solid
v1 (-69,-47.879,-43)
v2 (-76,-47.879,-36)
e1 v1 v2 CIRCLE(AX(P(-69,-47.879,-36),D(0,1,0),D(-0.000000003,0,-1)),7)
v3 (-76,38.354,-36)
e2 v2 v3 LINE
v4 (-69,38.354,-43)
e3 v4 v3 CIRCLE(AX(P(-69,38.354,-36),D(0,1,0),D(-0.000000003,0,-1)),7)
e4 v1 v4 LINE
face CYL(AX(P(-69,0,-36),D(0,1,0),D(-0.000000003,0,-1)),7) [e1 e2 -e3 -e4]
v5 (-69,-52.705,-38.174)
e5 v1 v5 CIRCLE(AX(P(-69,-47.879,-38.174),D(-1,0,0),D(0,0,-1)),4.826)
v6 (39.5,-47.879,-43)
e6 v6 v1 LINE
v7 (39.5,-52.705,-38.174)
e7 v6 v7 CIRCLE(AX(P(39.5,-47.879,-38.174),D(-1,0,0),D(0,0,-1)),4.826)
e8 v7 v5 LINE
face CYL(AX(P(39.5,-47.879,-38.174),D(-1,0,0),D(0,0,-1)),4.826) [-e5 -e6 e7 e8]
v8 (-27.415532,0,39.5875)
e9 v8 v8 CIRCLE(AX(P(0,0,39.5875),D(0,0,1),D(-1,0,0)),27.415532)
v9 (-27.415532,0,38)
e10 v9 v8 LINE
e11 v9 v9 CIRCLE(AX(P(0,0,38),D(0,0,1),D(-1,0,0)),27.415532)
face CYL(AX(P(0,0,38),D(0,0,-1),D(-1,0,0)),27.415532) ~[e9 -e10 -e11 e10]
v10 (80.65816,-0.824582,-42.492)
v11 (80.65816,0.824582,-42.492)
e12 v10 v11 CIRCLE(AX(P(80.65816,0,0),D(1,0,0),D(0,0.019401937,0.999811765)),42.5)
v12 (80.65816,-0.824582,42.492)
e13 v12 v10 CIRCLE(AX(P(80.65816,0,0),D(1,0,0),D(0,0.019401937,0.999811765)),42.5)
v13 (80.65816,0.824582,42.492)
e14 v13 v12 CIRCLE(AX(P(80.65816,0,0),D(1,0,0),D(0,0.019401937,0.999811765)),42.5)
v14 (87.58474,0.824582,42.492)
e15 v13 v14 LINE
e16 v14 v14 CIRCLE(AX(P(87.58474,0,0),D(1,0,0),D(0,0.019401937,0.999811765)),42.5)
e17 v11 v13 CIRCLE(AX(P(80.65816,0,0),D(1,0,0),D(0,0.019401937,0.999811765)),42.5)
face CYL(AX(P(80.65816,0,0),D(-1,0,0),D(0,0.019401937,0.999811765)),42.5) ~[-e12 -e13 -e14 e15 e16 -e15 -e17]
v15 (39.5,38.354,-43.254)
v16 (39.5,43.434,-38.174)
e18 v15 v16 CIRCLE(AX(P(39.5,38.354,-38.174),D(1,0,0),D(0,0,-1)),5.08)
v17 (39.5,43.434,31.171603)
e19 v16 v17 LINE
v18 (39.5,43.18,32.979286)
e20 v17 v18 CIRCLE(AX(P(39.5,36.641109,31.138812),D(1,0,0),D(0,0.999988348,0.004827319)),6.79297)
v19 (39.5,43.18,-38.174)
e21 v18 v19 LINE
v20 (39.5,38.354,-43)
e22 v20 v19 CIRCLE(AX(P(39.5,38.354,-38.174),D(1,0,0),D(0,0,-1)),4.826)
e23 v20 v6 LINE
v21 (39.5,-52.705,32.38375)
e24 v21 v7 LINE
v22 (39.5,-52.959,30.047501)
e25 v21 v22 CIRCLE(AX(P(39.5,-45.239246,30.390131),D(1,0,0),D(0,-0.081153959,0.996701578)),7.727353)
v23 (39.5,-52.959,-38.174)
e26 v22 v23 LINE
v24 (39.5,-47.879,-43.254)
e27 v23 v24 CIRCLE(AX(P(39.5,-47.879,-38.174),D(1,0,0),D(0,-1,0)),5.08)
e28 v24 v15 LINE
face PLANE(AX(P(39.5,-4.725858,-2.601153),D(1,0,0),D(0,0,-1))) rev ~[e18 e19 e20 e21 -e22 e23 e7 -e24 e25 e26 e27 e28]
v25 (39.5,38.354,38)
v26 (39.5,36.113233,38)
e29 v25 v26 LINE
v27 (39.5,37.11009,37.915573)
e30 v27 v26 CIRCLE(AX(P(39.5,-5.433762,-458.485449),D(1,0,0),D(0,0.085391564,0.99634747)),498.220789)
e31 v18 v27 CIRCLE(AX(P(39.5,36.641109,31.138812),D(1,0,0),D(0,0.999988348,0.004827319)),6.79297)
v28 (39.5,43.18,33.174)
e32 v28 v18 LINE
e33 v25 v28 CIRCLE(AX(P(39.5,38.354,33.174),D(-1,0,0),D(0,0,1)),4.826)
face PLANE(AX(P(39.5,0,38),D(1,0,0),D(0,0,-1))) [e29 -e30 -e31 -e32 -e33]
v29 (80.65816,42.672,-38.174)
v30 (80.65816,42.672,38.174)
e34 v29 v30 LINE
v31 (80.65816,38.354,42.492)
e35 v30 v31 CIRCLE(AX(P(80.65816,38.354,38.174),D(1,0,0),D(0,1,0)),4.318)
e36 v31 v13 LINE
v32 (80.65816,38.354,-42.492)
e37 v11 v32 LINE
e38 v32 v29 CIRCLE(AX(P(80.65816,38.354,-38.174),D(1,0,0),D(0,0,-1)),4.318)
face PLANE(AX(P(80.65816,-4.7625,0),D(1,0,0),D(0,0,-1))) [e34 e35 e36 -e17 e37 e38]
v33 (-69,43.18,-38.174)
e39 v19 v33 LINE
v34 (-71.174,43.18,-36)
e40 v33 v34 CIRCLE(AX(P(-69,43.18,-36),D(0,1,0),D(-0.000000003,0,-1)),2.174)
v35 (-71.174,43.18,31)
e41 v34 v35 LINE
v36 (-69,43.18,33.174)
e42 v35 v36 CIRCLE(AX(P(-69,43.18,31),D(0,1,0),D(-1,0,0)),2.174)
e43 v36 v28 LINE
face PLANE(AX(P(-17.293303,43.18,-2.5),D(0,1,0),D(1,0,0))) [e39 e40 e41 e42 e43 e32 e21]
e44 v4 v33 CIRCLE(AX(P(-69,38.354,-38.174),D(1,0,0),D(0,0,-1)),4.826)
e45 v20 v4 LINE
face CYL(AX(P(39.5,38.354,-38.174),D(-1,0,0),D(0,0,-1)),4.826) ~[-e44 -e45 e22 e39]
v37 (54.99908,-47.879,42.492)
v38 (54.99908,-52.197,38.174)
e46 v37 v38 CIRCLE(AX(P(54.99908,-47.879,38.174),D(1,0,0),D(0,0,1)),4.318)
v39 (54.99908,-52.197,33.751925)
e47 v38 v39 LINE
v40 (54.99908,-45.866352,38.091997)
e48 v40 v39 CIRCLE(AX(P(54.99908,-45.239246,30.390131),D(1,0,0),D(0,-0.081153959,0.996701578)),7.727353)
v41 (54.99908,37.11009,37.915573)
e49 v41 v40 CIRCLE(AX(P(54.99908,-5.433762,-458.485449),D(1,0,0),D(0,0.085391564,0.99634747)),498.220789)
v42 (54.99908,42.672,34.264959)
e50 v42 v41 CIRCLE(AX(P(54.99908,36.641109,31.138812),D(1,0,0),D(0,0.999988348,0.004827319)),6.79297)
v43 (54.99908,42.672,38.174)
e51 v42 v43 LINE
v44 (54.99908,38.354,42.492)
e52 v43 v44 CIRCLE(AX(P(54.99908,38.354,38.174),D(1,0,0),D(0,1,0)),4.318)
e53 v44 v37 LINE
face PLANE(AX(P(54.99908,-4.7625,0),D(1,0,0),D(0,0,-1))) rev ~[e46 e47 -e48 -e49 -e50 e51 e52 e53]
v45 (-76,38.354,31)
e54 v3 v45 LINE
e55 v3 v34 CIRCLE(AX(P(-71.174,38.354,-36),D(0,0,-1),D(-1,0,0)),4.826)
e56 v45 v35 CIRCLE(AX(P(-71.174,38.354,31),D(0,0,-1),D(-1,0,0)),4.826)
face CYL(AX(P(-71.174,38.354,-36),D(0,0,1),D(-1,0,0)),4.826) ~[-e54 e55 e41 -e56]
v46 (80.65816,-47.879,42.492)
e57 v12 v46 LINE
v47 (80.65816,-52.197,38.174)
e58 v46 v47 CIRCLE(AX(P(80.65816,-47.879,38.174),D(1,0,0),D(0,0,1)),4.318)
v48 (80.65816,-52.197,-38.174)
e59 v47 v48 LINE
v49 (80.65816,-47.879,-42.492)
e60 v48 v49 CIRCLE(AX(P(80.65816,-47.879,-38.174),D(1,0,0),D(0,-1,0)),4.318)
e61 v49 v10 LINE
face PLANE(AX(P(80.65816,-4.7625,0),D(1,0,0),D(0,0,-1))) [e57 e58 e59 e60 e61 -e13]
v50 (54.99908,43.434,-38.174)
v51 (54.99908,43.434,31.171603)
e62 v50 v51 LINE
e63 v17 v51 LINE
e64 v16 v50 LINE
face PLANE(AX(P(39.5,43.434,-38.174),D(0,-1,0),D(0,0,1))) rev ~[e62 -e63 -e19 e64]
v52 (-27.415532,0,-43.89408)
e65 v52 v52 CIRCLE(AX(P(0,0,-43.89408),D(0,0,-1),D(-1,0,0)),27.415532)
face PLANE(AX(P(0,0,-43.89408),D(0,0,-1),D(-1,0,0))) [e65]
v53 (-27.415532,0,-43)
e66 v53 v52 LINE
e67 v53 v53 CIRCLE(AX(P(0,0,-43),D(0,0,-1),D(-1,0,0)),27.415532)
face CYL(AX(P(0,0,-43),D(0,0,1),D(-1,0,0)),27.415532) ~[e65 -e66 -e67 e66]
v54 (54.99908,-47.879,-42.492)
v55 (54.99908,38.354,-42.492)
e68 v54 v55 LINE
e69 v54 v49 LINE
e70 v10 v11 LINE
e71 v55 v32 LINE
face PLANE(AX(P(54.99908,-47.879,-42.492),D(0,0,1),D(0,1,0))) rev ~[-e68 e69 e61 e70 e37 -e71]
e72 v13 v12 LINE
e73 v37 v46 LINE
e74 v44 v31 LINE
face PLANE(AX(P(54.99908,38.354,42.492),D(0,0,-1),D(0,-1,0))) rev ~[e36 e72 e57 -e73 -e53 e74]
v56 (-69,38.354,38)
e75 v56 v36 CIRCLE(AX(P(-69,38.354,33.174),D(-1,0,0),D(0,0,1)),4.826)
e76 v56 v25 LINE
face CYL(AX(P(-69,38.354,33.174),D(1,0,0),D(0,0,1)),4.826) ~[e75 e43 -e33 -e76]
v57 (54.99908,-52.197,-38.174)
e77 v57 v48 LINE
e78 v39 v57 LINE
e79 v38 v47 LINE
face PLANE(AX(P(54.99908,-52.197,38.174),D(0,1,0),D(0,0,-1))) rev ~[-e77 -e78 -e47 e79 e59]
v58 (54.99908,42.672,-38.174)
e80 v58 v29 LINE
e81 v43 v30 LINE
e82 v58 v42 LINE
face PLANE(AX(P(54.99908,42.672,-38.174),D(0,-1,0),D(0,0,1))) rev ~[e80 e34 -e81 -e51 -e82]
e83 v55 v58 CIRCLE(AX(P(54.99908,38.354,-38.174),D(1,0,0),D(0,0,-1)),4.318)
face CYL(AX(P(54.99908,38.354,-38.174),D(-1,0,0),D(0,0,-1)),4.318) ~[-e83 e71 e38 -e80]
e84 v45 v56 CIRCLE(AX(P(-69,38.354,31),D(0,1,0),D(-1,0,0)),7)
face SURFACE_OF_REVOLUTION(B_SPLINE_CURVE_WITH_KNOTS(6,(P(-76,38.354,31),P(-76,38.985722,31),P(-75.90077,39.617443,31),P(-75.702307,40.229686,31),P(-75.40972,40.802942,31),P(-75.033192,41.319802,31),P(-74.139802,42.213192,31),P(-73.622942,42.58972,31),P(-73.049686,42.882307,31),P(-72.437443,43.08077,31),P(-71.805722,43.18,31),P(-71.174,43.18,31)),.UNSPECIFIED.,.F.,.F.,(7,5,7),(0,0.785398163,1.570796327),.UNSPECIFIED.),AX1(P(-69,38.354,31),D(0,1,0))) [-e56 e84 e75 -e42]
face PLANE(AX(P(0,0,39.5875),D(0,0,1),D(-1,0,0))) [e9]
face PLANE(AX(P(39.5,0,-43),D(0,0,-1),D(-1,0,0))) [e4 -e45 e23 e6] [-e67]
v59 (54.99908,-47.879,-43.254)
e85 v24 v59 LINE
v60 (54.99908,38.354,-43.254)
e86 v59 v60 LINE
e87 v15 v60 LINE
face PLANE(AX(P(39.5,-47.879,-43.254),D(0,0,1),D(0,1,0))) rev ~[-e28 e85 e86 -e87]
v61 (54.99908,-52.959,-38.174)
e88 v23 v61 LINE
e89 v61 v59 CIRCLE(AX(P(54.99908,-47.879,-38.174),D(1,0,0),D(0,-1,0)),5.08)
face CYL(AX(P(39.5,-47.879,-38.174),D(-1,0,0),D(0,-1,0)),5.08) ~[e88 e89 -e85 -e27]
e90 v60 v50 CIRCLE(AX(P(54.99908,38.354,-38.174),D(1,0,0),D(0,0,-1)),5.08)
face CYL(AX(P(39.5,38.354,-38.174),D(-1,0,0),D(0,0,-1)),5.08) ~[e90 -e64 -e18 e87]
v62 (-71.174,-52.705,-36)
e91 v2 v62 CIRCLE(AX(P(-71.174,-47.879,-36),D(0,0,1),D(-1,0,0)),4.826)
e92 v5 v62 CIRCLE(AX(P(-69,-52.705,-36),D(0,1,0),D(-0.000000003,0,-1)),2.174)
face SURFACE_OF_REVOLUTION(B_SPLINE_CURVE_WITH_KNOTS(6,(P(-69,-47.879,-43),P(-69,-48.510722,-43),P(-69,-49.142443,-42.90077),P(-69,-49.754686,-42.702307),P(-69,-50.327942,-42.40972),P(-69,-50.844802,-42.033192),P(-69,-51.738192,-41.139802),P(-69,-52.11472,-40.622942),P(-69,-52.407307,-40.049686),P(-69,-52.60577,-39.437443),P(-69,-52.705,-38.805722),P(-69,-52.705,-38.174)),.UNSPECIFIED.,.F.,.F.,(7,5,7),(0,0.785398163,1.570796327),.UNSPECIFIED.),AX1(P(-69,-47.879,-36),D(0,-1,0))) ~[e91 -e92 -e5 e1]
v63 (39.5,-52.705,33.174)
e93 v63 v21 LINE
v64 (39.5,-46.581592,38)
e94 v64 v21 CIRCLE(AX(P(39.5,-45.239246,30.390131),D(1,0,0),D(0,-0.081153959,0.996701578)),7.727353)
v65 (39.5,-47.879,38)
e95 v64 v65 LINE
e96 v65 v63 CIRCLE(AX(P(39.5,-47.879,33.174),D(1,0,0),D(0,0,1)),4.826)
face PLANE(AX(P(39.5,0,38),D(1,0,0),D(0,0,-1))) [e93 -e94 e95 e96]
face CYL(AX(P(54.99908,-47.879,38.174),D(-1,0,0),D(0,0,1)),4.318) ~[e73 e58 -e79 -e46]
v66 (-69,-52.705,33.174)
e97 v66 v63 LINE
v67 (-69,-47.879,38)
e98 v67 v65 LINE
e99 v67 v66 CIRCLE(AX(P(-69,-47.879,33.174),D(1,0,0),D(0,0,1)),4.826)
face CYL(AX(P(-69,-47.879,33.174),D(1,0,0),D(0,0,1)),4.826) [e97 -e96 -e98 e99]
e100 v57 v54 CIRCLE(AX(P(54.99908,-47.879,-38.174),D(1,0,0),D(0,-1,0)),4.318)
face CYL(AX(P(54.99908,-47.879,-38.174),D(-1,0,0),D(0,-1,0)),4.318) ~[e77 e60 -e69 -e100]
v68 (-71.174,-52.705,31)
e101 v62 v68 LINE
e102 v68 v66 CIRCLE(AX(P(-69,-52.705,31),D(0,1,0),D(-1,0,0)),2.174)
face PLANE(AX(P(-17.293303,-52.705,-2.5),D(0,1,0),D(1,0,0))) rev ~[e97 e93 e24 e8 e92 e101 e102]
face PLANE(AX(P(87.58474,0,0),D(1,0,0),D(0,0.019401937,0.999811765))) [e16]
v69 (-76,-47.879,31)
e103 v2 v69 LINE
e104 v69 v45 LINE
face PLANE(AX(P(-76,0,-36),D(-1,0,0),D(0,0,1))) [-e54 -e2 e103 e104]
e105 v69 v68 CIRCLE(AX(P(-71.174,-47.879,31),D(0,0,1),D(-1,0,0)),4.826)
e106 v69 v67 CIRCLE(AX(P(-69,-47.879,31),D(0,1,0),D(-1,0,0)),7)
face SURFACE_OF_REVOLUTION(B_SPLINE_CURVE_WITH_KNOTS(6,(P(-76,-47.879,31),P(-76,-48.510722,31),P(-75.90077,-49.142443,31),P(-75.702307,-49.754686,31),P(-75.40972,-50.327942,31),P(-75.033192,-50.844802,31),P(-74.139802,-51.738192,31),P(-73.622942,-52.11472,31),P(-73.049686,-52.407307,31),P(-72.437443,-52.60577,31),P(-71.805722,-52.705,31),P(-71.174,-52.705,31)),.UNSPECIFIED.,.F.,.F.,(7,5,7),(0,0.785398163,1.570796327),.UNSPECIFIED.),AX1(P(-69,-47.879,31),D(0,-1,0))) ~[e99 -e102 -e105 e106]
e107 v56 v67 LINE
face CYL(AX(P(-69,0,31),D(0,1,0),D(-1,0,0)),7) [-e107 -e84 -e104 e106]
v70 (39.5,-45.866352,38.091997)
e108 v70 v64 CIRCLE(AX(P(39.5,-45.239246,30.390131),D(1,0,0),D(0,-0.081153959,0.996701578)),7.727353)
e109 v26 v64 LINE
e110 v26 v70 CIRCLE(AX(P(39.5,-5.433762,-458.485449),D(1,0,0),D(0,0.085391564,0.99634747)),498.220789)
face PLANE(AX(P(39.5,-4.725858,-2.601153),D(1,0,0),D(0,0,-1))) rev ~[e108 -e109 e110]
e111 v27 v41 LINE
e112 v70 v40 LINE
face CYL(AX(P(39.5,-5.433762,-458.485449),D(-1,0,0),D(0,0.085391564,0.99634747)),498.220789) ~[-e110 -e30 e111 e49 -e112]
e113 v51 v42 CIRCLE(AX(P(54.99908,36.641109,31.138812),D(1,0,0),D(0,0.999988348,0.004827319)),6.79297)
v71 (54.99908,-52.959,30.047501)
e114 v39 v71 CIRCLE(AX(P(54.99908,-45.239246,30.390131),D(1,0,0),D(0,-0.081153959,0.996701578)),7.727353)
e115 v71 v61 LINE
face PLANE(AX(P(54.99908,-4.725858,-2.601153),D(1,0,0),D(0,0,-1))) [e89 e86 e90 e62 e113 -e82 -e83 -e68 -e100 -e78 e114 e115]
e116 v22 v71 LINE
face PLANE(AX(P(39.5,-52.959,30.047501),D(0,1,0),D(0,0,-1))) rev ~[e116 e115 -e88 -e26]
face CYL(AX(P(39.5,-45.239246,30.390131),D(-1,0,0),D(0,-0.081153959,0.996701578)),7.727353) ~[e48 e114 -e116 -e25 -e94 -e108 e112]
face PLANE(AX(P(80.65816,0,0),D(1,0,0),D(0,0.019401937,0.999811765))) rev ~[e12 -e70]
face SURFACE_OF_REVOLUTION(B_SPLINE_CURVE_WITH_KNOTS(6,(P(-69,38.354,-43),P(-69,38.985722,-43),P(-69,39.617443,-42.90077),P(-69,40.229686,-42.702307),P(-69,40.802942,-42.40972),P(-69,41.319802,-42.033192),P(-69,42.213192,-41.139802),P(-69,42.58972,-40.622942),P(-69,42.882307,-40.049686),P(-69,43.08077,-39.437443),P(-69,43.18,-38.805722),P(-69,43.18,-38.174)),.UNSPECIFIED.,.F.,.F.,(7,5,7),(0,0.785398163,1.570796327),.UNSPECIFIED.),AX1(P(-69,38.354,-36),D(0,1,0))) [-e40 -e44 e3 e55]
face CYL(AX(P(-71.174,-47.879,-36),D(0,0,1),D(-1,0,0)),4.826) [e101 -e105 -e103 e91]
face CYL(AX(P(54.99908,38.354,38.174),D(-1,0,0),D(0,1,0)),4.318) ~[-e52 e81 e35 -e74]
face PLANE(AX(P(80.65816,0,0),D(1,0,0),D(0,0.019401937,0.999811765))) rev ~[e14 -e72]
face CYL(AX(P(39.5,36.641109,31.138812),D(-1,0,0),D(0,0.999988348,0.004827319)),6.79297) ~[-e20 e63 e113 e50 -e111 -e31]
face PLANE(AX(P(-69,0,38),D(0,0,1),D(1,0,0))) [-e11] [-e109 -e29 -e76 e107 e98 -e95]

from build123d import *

# Parameters (mm, degrees)
BASE_EXTRUDE_DEPTH      = 43.18
BASE_EXTRUDE_DEPTH_BACK = 52.705
SKETCH5_R               = 27.415532094
BOSS_EXTRUDE1_DEPTH     = 1.5875
SKETCH6_R               = 27.415532094
BOSS_EXTRUDE2_DEPTH     = 0.89408
FILLET1_R               = 4.826
BOSS_EXTRUDE3_DEPTH     = 15.49908
BOSS_EXTRUDE4_DEPTH     = 25.65908
SKETCH9_R               = 42.5
BOSS_EXTRUDE5_DEPTH     = 6.92658


with BuildPart() as part:
    # Sketch4 → Base-Extrude (new body, two sides)
    with BuildSketch(Plane(origin=(0, 0, 0), x_dir=(1, 0, 0), z_dir=(0, 1, 0))) as base_extrude_sk:
        with BuildLine():
            Line((39.5, 43), (-69.000000024, 43))
            ThreePointArc((-69.000000024, 43), (-73.949747477, 40.94974746), (-76, 36))
            Line((-76, 36), (-76, -31))
            ThreePointArc((-76, -31), (-73.949747468, -35.949747468), (-69, -38))
            Line((-69, -38), (39.5, -38))
            Line((39.5, -38), (39.5, 43))
        make_face()
    extrude(amount=BASE_EXTRUDE_DEPTH)
    extrude(base_extrude_sk.sketch, amount=-BASE_EXTRUDE_DEPTH_BACK)

    # Sketch5 → Boss-Extrude1 (add)
    with BuildSketch(Plane.XY.offset(38)):
        with Locations(Location((0, 0, 0), (0, 0, 180))):  # turned: the seam where the file's is
            Circle(SKETCH5_R)
    extrude(amount=BOSS_EXTRUDE1_DEPTH)

    # Sketch6 → Boss-Extrude2 (add)
    with BuildSketch(Plane(origin=(0, 0, -43), x_dir=(-1, 0, 0), z_dir=(0, 0, -1))):
        Circle(SKETCH6_R)
    extrude(amount=BOSS_EXTRUDE2_DEPTH)

    # Fillet1
    fillet1_edges = [part.edges().sort_by_distance(p)[0] for p in [
        (-14.750000012, 43.18, -43),
        (-14.750000012, -52.705, -43),
        (-73.949747477, 43.18, -40.94974746),
        (-76, 43.18, -2.5),
        (-73.949747468, 43.18, 35.949747468),
        (-14.75, 43.18, 38),
        (-73.949747477, -52.705, -40.94974746),
        (-76, -52.705, -2.5),
        (-73.949747468, -52.705, 35.949747468),
        (-14.75, -52.705, 38),
    ]]
    fillet(fillet1_edges, radius=FILLET1_R)

    # Sketch7 → Boss-Extrude3 (add)
    with BuildSketch(Plane(origin=(39.5, 0, 0), x_dir=(0, 0, -1), z_dir=(1, 0, 0))):
        with BuildLine():
            Line((-30.047501034, -52.959), (38.174, -52.959))
            ThreePointArc((38.174, -52.959), (41.766102448, -51.471102448), (43.254, -47.879))
            Line((43.254, -47.879), (43.254, 38.354))
            ThreePointArc((43.254, 38.354), (41.766102448, 41.946102448), (38.174, 43.434))
            Line((38.174, 43.434), (-31.171603367, 43.434))
            ThreePointArc((-31.171603367, 43.434), (-35.785365358, 41.596306208), (-37.915572887, 37.110090199))
            ThreePointArc((-37.915572887, 37.110090199), (-39.734213167, -4.374451524), (-38.091996743, -45.866351694))
            ThreePointArc((-38.091996743, -45.866351694), (-35.500512962, -51.035451283), (-30.047501034, -52.959))
        make_face()
    extrude(amount=BOSS_EXTRUDE3_DEPTH)

    # Sketch8 → Boss-Extrude4 (add)
    with BuildSketch(Plane(origin=(54.99908, 0, 0), x_dir=(0, 0, -1), z_dir=(1, 0, 0))):
        with BuildLine():
            Line((-30.064841666, -52.197), (38.174, -52.197))
            ThreePointArc((38.174, -52.197), (41.227287081, -50.932287081), (42.492, -47.879))
            Line((42.492, -47.879), (42.492, 38.354))
            ThreePointArc((42.492, 38.354), (41.227287081, 41.407287081), (38.174, 42.672))
            Line((38.174, 42.672), (-31.169709456, 42.672))
            Line((-31.169709456, 42.672), (-38.174, 42.672))
            ThreePointArc((-38.174, 42.672), (-41.227287081, 41.407287081), (-42.492, 38.354))
            Line((-42.492, 38.354), (-42.492, -47.879))
            ThreePointArc((-42.492, -47.879), (-41.227287081, -50.932287081), (-38.174, -52.197))
            Line((-38.174, -52.197), (-30.064841666, -52.197))
        make_face()
    extrude(amount=BOSS_EXTRUDE4_DEPTH)

    # Sketch9 → Boss-Extrude5 (add)
    with BuildSketch(Plane(origin=(80.65816, 0, 0), x_dir=(0, 0, -1), z_dir=(1, 0, 0))):
        with Locations(Location((0, 0, 0), (0, 0, 178.888281145))):  # turned: the seam where the file's is
            Circle(SKETCH9_R)
    extrude(amount=BOSS_EXTRUDE5_DEPTH)


solid = part.part
